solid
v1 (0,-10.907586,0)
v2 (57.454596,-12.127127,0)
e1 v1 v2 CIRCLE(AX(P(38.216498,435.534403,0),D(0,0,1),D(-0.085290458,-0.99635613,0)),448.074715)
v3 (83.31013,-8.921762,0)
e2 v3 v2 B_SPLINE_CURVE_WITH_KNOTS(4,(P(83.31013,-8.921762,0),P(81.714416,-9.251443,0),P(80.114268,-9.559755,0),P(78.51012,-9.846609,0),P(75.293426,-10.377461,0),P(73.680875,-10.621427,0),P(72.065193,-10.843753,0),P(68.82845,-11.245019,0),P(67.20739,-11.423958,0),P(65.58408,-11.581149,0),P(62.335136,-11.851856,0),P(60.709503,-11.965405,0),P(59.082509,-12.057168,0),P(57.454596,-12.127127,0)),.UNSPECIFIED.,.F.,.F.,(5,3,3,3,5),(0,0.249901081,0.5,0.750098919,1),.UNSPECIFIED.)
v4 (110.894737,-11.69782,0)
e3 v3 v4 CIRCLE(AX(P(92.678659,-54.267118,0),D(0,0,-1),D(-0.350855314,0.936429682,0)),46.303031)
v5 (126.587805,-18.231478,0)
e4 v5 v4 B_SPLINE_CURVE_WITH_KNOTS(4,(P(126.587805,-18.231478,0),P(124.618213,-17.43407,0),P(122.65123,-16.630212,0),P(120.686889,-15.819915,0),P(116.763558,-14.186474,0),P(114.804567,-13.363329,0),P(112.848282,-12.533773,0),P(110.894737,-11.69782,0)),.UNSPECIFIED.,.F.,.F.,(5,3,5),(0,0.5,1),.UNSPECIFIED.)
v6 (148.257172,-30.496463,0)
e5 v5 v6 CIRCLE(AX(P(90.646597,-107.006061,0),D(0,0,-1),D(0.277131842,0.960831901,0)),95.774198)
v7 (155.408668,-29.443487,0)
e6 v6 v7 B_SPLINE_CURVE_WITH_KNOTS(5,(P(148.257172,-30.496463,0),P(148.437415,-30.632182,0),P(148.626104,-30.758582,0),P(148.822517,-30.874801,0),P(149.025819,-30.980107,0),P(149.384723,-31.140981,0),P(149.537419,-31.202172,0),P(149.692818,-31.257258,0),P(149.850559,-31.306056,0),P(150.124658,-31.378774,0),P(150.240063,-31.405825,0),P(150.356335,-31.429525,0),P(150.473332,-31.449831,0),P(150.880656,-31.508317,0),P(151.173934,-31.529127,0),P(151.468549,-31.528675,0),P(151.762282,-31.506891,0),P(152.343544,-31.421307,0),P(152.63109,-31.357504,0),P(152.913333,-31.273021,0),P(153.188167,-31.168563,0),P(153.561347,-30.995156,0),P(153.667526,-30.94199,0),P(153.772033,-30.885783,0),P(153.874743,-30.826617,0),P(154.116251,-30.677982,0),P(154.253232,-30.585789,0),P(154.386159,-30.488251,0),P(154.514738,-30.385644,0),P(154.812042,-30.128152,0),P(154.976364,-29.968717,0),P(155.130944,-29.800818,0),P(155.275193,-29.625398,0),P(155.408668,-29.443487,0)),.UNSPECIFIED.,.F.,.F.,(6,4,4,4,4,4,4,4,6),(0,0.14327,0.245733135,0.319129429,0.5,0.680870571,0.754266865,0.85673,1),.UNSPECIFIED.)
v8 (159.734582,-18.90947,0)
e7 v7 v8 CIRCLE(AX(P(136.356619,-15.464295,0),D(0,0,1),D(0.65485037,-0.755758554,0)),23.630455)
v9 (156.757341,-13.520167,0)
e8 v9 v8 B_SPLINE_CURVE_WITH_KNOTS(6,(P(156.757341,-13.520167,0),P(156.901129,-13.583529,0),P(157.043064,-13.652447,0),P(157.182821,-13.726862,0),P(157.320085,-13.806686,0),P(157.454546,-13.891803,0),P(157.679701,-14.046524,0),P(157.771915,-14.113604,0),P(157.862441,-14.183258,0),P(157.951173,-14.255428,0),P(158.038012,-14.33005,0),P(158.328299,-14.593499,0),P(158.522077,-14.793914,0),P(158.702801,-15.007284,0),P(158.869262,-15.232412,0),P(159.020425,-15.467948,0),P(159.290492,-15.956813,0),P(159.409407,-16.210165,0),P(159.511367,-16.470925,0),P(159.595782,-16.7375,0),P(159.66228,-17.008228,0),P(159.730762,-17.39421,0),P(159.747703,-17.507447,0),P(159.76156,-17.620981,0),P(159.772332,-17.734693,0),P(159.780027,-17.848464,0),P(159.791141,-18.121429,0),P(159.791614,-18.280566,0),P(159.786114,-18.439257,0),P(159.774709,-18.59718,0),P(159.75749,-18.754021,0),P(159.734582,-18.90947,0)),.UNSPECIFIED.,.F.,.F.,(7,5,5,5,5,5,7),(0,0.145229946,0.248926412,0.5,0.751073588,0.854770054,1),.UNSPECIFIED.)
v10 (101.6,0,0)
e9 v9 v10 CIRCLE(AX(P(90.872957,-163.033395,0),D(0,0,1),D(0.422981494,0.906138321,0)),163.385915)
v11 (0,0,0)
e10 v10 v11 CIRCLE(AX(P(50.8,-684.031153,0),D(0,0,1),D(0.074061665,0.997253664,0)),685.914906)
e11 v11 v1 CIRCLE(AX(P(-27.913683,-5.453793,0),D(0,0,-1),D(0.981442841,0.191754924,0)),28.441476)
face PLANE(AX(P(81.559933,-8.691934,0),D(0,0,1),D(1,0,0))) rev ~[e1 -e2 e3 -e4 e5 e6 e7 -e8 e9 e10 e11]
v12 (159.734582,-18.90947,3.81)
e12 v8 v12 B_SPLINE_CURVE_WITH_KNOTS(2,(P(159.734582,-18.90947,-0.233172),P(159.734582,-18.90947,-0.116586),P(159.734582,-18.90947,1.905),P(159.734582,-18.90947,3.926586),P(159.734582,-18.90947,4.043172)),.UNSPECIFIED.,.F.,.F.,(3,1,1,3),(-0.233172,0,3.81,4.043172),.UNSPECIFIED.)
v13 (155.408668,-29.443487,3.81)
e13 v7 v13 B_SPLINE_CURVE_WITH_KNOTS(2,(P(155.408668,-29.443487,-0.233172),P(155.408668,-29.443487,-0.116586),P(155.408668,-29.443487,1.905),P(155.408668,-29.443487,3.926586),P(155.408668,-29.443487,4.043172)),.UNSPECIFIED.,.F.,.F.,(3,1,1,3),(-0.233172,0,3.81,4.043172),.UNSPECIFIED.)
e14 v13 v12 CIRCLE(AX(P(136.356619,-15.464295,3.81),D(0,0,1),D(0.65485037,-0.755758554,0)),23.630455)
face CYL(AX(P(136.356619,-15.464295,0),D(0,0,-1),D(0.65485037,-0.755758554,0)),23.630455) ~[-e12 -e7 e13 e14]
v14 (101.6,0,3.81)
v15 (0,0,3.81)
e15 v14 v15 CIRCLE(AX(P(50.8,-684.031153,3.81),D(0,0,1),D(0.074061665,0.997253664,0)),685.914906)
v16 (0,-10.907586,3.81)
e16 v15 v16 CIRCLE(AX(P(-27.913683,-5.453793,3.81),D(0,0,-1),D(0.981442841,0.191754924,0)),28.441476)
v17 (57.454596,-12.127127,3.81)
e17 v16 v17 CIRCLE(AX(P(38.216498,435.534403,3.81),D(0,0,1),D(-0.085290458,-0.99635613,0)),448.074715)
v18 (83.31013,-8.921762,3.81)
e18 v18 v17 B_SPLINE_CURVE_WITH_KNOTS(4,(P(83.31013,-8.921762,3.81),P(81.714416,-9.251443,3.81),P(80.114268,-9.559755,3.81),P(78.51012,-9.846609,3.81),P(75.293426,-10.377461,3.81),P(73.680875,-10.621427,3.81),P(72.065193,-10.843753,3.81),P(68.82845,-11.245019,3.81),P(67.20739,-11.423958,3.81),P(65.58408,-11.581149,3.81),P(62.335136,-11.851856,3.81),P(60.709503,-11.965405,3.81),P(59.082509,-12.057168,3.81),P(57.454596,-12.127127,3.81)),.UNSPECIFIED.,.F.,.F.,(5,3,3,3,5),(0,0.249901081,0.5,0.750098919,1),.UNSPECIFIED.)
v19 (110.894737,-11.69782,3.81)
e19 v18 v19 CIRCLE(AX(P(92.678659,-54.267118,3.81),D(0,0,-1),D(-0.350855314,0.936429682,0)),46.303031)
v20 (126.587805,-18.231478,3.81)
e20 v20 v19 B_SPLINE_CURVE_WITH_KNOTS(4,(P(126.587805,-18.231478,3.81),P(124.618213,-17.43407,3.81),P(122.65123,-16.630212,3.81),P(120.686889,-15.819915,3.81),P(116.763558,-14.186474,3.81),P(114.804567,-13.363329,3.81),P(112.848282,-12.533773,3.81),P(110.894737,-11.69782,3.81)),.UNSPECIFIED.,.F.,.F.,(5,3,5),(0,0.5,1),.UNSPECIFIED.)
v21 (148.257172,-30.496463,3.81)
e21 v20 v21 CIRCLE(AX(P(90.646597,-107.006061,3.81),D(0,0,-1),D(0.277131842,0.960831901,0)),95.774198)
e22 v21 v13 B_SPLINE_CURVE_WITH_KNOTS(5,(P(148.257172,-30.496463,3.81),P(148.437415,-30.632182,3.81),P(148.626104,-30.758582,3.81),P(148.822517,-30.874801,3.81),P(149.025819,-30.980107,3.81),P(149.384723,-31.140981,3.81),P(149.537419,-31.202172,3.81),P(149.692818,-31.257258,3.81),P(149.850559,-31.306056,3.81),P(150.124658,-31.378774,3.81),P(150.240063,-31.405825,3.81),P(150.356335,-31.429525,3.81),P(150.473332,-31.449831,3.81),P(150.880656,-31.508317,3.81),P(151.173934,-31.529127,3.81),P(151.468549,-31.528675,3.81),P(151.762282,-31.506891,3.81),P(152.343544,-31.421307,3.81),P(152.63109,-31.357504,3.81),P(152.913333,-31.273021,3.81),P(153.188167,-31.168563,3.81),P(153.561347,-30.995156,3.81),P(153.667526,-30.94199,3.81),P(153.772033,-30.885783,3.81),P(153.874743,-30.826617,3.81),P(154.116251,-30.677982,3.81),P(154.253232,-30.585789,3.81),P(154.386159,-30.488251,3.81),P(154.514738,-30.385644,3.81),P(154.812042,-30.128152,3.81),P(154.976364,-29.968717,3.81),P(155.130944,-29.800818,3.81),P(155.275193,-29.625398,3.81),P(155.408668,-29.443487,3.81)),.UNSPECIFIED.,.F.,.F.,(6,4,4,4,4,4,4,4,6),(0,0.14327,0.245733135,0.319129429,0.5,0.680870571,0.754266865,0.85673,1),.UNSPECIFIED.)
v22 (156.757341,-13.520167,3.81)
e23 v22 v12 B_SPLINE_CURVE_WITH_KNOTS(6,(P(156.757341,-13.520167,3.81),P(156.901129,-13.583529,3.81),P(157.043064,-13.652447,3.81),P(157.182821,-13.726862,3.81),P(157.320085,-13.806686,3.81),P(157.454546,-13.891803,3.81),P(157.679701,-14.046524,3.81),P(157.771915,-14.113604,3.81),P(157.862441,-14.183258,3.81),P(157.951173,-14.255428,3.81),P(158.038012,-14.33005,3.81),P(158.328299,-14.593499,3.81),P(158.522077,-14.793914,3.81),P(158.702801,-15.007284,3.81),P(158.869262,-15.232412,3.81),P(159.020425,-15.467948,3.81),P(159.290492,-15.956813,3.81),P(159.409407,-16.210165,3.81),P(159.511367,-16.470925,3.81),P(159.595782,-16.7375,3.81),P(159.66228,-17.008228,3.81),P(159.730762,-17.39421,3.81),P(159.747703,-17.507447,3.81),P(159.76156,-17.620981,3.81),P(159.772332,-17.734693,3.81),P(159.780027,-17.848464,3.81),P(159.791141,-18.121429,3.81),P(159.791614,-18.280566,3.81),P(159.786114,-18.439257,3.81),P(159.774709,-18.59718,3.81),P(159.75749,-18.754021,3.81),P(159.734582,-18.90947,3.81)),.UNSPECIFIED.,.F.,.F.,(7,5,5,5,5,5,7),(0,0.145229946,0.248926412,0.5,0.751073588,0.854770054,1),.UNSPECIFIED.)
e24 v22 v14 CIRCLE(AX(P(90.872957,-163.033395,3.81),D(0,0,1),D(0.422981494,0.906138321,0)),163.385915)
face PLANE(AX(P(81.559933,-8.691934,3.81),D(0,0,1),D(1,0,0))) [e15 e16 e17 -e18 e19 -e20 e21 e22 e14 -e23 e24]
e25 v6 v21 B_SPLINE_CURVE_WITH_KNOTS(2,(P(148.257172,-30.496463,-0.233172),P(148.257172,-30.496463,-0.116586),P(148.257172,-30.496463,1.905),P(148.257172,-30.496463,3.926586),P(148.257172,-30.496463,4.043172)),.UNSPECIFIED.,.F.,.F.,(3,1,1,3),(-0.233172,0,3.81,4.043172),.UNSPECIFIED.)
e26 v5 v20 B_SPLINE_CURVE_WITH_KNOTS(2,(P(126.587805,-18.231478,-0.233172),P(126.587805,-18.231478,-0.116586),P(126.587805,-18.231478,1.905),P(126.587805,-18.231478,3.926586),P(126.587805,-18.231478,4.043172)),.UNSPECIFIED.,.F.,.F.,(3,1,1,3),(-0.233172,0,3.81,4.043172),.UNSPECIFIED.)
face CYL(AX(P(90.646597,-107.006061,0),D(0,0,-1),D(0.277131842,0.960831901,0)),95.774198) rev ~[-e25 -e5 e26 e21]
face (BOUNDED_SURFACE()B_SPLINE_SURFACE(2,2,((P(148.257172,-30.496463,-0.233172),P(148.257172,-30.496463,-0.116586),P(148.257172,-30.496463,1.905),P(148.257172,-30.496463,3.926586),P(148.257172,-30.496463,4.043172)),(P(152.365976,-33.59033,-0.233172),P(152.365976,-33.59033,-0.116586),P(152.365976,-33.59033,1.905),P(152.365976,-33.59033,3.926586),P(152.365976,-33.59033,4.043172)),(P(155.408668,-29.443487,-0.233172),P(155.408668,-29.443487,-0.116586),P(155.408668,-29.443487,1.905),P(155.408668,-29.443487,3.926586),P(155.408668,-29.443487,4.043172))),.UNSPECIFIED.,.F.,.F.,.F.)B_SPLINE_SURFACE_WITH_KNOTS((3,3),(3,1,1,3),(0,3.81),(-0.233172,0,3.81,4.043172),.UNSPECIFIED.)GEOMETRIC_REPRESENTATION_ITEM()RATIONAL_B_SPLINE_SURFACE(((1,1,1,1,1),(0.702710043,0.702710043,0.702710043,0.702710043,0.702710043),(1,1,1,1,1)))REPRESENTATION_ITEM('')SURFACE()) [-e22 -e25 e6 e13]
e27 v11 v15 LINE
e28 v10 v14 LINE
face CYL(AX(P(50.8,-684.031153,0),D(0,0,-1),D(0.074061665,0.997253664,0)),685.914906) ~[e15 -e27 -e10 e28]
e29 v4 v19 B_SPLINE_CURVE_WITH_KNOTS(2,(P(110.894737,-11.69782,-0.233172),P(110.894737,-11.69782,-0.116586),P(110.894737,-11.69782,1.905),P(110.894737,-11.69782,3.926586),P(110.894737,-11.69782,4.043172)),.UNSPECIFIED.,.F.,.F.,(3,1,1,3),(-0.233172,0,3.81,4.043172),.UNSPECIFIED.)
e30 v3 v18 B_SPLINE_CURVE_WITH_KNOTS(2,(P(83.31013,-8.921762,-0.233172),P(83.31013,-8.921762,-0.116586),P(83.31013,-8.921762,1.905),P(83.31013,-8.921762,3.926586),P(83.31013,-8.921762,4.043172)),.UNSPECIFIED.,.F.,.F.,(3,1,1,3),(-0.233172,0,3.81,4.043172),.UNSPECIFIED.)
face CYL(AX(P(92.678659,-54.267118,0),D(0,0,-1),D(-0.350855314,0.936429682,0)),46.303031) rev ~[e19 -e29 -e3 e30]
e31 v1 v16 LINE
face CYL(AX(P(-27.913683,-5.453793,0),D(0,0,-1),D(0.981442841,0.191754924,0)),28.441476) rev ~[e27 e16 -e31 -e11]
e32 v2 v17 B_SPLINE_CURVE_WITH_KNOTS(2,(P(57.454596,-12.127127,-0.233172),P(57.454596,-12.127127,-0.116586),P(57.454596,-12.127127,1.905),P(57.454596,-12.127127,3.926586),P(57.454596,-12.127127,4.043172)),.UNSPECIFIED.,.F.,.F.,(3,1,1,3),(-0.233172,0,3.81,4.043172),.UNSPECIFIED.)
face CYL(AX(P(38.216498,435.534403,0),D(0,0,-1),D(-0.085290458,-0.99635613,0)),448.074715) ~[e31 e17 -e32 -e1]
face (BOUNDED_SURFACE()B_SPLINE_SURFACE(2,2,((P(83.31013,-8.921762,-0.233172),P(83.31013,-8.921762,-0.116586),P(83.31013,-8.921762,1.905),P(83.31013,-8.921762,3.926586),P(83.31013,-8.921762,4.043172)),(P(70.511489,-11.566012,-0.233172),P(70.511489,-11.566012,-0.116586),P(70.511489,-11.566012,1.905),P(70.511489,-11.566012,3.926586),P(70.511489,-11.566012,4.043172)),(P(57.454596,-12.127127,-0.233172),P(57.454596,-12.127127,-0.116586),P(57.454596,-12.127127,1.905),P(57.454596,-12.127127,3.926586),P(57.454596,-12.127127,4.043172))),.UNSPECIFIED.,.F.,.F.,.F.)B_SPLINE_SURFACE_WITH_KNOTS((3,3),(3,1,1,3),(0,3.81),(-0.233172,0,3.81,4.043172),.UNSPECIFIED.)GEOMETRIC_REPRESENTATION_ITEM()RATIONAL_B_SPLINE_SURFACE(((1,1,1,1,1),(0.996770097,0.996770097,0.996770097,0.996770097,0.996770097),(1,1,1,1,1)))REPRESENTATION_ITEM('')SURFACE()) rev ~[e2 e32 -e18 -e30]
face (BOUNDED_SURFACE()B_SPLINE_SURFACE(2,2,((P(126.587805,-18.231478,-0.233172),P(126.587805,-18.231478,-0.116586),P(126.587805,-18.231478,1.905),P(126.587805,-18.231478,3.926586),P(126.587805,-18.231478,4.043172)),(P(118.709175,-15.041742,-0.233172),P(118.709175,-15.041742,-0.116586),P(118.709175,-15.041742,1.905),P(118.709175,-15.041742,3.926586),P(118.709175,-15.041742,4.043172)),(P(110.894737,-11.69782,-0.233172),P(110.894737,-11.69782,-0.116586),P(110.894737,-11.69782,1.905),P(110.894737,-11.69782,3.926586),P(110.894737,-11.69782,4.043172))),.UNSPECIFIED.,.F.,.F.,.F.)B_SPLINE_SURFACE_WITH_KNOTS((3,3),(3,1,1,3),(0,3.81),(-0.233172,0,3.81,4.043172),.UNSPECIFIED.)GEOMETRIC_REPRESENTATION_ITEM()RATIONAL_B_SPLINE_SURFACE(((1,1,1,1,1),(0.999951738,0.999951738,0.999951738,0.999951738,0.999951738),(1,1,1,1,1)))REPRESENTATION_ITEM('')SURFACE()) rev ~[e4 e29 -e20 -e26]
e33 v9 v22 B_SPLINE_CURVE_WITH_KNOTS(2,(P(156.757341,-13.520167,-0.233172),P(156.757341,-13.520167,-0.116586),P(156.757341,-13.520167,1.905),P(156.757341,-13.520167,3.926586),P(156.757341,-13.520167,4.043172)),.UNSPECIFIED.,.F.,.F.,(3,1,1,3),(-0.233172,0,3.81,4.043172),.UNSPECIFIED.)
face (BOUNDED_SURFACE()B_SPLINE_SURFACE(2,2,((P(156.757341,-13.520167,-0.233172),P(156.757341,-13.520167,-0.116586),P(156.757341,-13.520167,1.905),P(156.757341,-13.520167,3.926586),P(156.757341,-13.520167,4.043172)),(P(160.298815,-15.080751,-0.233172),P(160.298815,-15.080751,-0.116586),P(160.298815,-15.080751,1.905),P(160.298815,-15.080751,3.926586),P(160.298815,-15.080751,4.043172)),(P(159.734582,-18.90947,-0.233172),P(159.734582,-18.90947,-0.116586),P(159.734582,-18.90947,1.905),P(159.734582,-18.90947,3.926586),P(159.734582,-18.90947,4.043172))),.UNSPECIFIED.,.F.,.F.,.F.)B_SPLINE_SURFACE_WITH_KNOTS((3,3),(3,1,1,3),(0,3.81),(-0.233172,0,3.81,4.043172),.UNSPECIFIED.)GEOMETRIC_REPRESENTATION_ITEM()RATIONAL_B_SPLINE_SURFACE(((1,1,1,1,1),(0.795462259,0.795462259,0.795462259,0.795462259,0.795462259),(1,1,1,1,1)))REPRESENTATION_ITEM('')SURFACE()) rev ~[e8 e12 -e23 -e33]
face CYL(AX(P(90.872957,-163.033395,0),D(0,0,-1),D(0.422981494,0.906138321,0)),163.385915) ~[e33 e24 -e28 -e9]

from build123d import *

# Parameters (mm, degrees)
F1_DEPTH = 3.81
F2_R     = 5.08
F3_R     = 865.118216
F4_R     = 162.209665


with BuildPart() as f1:
    # F0 (on Top) → F1 (new body)
    with BuildSketch(Plane.XY):
        with BuildLine():
            ThreePointArc((159.982175, -14.983156), (131.487989, -4.776084), (101.6, 0))
            ThreePointArc((101.6, 0), (50.8, 1.883753), (0, 0))
            ThreePointArc((0, 0), (0.527793, -5.453793), (0, -10.907586))
            ThreePointArc((0, -10.907586), (38.216498, -12.540312), (76.432995, -10.907586))
            ThreePointArc((76.432995, -10.907586), (97.285986, -8.193881), (117.188677, -14.983156))
            ThreePointArc((117.188677, -14.983156), (135.458144, -22.361969), (151.831031, -33.323213))
            ThreePointArc((151.831031, -33.323213), (157.950398, -25.061539), (159.982175, -14.983156))
        make_face()
    extrude(amount=F1_DEPTH)

    # F2
    f2_edges = [f1.edges().sort_by_distance(p)[0] for p in [
        (151.831031, -33.323213, 1.905),
        (159.982175, -14.983156, 1.905),
    ]]
    fillet(f2_edges, radius=F2_R)

    # F3
    f3_edges = [f1.edges().sort_by_distance(p)[0] for p in [
        (117.188677, -14.983156, 1.905),
    ]]
    fillet(f3_edges, radius=F3_R)

    # F4
    f4_edges = [f1.edges().sort_by_distance(p)[0] for p in [
        (76.432995, -10.907586, 1.905),
    ]]
    fillet(f4_edges, radius=F4_R)


solid = f1.part
